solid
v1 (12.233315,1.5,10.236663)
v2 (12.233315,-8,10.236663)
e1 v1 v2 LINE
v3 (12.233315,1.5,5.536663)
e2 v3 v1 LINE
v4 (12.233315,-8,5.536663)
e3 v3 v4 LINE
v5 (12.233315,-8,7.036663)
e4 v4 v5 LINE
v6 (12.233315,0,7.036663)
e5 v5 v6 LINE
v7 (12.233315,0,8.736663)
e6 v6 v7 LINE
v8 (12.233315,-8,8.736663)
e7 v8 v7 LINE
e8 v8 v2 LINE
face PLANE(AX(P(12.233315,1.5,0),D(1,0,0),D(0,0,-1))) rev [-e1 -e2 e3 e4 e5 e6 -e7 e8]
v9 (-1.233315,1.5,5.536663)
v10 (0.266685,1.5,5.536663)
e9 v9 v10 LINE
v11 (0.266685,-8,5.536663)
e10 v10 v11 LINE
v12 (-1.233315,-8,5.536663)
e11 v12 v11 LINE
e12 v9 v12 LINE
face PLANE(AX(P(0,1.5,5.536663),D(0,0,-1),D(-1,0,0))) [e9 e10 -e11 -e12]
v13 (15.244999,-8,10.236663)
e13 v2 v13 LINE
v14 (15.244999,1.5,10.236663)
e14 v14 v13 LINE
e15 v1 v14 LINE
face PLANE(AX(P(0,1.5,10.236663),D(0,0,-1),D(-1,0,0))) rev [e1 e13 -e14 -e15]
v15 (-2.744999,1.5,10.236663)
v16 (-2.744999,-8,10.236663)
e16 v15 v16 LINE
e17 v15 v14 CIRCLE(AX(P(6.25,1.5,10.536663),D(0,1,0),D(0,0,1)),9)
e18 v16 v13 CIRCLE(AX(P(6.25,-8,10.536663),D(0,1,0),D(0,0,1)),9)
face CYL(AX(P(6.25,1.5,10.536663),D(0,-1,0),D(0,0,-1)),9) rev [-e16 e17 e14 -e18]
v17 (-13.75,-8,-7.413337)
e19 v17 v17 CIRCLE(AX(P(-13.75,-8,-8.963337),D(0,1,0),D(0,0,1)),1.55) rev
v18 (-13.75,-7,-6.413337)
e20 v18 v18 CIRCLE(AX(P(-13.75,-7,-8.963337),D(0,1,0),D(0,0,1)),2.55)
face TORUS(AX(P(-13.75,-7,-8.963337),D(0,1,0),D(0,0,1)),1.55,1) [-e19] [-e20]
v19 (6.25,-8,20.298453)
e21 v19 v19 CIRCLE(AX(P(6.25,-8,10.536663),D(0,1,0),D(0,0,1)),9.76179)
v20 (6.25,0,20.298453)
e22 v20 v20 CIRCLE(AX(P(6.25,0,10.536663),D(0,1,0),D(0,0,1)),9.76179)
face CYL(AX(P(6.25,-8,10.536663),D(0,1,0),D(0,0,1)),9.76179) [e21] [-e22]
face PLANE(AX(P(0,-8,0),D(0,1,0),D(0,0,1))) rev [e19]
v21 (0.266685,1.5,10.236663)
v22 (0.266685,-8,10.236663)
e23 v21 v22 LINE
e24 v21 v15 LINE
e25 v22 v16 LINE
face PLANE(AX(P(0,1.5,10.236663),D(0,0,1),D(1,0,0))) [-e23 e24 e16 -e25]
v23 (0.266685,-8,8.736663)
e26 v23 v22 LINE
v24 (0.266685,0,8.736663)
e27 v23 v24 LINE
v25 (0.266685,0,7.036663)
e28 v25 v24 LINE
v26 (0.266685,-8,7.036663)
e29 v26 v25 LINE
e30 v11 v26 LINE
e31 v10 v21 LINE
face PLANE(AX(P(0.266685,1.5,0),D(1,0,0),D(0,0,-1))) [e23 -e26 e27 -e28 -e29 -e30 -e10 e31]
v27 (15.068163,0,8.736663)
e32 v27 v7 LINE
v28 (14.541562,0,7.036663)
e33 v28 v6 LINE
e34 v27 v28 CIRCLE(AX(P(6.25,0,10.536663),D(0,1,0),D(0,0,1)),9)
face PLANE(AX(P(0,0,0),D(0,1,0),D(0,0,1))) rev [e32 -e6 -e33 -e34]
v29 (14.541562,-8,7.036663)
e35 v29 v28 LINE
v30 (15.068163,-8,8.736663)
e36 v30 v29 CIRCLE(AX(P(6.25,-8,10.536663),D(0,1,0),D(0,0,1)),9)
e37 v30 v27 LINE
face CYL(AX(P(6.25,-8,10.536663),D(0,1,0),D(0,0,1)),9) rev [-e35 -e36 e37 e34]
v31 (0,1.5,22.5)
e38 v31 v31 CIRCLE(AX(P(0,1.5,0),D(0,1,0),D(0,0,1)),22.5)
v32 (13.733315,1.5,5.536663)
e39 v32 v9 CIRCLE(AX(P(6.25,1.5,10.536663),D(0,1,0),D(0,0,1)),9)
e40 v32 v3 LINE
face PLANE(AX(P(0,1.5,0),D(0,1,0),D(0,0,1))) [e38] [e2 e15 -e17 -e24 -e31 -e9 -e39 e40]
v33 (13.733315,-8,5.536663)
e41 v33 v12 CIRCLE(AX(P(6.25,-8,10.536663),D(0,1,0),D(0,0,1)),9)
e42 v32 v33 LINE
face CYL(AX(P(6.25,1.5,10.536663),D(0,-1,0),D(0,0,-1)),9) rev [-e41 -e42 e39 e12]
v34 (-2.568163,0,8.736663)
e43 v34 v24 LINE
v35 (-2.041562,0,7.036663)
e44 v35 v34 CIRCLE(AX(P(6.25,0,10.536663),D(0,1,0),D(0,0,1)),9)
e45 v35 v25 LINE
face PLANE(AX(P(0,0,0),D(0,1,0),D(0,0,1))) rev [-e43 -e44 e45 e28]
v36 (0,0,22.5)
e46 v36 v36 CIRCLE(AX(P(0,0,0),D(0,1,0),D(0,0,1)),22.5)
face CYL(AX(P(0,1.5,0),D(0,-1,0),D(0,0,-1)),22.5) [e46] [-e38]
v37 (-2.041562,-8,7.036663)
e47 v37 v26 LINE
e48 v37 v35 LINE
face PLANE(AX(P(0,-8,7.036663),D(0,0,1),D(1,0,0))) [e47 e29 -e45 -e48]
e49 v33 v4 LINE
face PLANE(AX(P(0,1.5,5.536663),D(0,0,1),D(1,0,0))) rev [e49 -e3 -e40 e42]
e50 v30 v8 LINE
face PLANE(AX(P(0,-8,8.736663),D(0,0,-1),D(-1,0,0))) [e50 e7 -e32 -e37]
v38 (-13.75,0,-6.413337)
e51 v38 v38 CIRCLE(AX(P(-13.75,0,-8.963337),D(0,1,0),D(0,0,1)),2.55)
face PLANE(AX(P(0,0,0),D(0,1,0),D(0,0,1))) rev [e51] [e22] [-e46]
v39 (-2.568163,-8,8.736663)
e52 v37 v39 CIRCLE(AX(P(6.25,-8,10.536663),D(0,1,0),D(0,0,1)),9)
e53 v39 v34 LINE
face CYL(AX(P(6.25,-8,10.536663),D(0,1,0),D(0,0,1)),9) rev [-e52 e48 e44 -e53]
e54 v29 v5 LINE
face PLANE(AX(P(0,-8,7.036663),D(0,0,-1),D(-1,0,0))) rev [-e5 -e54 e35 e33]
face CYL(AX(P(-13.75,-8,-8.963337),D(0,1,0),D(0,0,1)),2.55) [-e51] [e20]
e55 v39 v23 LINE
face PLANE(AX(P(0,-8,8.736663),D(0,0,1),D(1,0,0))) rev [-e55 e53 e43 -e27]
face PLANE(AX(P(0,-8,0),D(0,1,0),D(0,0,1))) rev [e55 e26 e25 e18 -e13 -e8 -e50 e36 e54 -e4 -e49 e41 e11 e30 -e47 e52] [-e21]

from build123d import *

# Parameters (mm, degrees)
SKETCH1_R           = 22.5
BOSS_EXTRUDE1_DEPTH = 1.5
BOSS_EXTRUDE2_START = -8
SKETCH1_3_R         = 9.761790251
SKETCH1_3_R_2       = 2.55
BOSS_EXTRUDE2_DEPTH = 8
FILLET1_R           = 1


with BuildPart() as part:
    # Sketch1 → Boss-Extrude1 (new body)
    with BuildSketch(Plane(origin=(0, 0, 0), x_dir=(1, 0, 0), z_dir=(0, 1, 0))):
        Circle(SKETCH1_R)
        with BuildLine():
            Line((0.266685226, -5.53666268), (-1.233314774, -5.53666268))
            ThreePointArc((-1.233314774, -5.53666268), (6.25, -1.53666268), (13.733314774, -5.53666268))
            Line((13.733314774, -5.53666268), (12.233314774, -5.53666268))
            Line((12.233314774, -5.53666268), (12.233314774, -10.23666268))
            Line((12.233314774, -10.23666268), (15.24499861, -10.23666268))
            ThreePointArc((15.24499861, -10.23666268), (6.25, -19.53666268), (-2.74499861, -10.23666268))
            Line((-2.74499861, -10.23666268), (0.266685226, -10.23666268))
            Line((0.266685226, -10.23666268), (0.266685226, -5.53666268))
        make_face(mode=Mode.SUBTRACT)
    extrude(amount=BOSS_EXTRUDE1_DEPTH)

    # Sketch1<3> → Boss-Extrude2 (add)
    # profile 1 of 2: a face of its own
    with BuildSketch(Plane(origin=(0, 0, 0), x_dir=(1, 0, 0), z_dir=(0, 1, 0)).offset(BOSS_EXTRUDE2_START)):
        with Locations((6.25, -10.53666268)):
            Circle(SKETCH1_3_R)
        with BuildLine():
            Line((0.266685226, -8.73666268), (-2.568163074, -8.73666268))
            ThreePointArc((-2.568163074, -8.73666268), (-2.346986264, -7.873614205), (-2.041561976, -7.03666268))
            Line((-2.041561976, -7.03666268), (0.266685226, -7.03666268))
            Line((0.266685226, -7.03666268), (0.266685226, -5.53666268))
            Line((0.266685226, -5.53666268), (-1.233314774, -5.53666268))
            ThreePointArc((-1.233314774, -5.53666268), (6.25, -1.53666268), (13.733314774, -5.53666268))
            Line((13.733314774, -5.53666268), (12.233314774, -5.53666268))
            Line((12.233314774, -5.53666268), (12.233314774, -7.03666268))
            Line((12.233314774, -7.03666268), (14.541561976, -7.03666268))
            ThreePointArc((14.541561976, -7.03666268), (14.846986264, -7.873614205), (15.068163074, -8.73666268))
            Line((15.068163074, -8.73666268), (12.233314774, -8.73666268))
            Line((12.233314774, -8.73666268), (12.233314774, -10.23666268))
            Line((12.233314774, -10.23666268), (15.24499861, -10.23666268))
            ThreePointArc((15.24499861, -10.23666268), (6.25, -19.53666268), (-2.74499861, -10.23666268))
            Line((-2.74499861, -10.23666268), (0.266685226, -10.23666268))
            Line((0.266685226, -10.23666268), (0.266685226, -8.73666268))
        make_face(mode=Mode.SUBTRACT)
    # profile 2 of 2: a face of its own
    with BuildSketch(Plane(origin=(0, 0, 0), x_dir=(1, 0, 0), z_dir=(0, 1, 0)).offset(BOSS_EXTRUDE2_START)):
        with Locations((-13.75, 8.96333732)):
            Circle(SKETCH1_3_R_2)
    extrude(amount=BOSS_EXTRUDE2_DEPTH)

    # Fillet1
    fillet1_edges = [part.edges().sort_by_distance(p)[0] for p in [
        (-16.3, -8, -8.96333732),
    ]]
    fillet(fillet1_edges, radius=FILLET1_R)


solid = part.part
